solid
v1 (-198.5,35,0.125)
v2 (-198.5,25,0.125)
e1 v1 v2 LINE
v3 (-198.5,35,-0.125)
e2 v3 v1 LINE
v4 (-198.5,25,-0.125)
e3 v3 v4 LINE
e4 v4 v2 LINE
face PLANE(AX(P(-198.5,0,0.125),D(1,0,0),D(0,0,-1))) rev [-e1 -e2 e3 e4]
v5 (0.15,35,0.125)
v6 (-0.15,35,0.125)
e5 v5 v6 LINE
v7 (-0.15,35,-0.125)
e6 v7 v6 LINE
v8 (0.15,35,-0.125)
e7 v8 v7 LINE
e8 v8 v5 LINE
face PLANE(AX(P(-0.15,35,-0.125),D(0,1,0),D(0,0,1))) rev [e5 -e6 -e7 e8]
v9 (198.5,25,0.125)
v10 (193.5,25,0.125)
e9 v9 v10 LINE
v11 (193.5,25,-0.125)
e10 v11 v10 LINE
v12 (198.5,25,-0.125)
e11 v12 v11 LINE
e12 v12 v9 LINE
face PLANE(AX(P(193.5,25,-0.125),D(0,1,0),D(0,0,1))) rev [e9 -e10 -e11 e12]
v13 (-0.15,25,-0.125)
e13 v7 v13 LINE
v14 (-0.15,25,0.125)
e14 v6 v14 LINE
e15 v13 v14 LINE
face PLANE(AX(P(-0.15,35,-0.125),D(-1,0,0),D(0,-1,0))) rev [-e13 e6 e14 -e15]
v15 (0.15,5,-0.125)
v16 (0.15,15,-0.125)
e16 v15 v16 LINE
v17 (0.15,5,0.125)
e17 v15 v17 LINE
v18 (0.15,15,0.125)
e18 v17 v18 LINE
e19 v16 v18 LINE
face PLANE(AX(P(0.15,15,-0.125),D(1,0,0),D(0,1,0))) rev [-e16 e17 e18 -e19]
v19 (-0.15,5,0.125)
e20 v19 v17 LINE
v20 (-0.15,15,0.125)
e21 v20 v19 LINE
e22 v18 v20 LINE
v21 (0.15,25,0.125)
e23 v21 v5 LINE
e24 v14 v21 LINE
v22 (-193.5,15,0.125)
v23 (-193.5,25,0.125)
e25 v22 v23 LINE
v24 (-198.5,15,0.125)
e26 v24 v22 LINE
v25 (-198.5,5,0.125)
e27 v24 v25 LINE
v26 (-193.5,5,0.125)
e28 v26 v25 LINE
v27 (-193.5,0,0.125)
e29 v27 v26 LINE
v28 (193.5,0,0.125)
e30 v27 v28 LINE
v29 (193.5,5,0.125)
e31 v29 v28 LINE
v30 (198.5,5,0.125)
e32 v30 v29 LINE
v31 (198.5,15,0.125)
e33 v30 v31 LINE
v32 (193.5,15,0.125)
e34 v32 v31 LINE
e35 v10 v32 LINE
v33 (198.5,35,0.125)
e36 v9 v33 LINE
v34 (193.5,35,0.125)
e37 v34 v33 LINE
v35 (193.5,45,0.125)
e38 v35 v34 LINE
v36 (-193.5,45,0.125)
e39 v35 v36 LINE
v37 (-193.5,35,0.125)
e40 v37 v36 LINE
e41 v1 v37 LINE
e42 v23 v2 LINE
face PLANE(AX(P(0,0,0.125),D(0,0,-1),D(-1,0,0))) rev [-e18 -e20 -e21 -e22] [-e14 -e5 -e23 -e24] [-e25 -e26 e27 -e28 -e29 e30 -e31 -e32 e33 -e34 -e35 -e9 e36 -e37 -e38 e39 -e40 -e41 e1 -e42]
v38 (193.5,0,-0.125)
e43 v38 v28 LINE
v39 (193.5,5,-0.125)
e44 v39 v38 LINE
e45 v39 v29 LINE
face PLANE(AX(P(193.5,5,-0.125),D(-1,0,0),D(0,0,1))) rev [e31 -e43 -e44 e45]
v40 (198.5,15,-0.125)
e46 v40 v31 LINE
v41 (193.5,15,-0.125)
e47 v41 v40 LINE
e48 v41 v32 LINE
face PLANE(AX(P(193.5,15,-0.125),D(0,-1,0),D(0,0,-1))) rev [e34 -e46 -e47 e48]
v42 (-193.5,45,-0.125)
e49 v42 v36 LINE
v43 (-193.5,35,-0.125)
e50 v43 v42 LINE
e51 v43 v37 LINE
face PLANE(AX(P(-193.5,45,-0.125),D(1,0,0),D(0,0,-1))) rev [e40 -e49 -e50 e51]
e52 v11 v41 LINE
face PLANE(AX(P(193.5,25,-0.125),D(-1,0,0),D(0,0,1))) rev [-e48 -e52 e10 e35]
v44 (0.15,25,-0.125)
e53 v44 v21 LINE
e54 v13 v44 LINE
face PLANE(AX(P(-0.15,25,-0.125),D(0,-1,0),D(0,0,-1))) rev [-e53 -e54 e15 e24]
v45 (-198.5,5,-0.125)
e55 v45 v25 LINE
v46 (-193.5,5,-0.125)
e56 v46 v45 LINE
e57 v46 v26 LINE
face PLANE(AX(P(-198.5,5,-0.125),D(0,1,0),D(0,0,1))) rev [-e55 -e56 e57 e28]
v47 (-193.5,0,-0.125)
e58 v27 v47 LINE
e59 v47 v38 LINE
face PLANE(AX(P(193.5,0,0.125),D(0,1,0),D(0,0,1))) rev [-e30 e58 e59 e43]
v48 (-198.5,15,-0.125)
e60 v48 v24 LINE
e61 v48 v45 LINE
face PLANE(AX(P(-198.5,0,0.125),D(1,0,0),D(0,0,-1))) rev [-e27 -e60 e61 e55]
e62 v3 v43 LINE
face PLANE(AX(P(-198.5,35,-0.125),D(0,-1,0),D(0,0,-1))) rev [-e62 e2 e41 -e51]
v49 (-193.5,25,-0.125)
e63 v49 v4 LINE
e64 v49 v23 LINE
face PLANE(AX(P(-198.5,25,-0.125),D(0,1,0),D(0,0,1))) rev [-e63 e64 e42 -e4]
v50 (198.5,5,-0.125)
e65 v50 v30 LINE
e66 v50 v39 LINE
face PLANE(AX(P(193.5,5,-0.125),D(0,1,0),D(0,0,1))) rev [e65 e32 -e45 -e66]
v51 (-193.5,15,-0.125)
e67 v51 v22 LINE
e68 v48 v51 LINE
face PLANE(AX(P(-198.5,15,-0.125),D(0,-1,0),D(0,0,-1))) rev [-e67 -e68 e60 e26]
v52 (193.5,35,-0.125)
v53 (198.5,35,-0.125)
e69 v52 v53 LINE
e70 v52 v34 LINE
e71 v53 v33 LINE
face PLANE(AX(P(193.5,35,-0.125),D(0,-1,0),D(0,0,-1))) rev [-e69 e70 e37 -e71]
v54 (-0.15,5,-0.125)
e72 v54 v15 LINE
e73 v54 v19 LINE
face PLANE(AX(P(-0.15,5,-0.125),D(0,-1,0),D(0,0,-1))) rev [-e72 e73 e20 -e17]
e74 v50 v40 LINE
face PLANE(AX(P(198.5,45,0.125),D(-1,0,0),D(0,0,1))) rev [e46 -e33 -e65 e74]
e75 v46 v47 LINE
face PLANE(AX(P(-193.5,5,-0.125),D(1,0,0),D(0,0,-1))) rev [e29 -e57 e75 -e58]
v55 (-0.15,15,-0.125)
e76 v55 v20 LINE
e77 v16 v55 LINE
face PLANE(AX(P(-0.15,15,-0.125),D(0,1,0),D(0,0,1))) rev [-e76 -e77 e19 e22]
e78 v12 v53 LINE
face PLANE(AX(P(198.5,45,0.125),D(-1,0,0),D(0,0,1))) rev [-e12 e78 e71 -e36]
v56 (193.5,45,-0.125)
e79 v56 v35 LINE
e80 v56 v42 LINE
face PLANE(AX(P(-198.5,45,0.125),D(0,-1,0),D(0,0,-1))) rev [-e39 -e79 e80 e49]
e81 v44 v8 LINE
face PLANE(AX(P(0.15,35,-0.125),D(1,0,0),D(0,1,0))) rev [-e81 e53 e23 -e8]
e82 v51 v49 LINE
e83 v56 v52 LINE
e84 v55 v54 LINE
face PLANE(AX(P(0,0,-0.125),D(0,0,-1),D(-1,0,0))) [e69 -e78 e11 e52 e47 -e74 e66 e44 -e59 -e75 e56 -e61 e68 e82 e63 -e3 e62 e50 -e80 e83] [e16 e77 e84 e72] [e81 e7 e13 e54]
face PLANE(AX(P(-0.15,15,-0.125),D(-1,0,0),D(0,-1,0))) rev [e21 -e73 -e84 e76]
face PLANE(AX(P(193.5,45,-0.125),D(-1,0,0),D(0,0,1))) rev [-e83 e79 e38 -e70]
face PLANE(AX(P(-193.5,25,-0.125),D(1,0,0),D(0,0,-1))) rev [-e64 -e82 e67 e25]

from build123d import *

# Parameters (mm, degrees)
BOSS_EXTRUDE1_DEPTH  = 0.125
SKETCH2_W            = 0.3
SKETCH2_H            = 10
CUT_EXTRUDE1_DEPTH   = 204.537005235
LPATTERN1_COUNT      = 3
LPATTERN1_PITCH      = 20
SKETCH3_W            = 5
SKETCH3_H            = 10
CUT_EXTRUDE2_DEPTH   = 204.537005235
LPATTERN2_COUNT      = 3
LPATTERN2_PITCH      = 20
LPATTERN2_COUNT_DIR2 = 2
LPATTERN2_PITCH_DIR2 = 392


with BuildPart() as part:
    # Sketch1 → Boss-Extrude1 (new, symmetric)
    with BuildSketch(Plane.XY):
        Polygon((198.5, 45), (198.5, 0), (193.5, 0), (0, 0), (-193.5, 0), (-198.5, 0), (-198.5, 45), (-193.5, 45), (193.5, 45), align=None)
    extrude(amount=BOSS_EXTRUDE1_DEPTH, both=True)

    # Sketch2 → Cut-Extrude1 (cut, through all)
    with BuildSketch(Plane.XY.offset(0.125)):
        with Locations((0, 30)):
            Rectangle(SKETCH2_W, SKETCH2_H)
    cut_extrude1 = extrude(amount=-CUT_EXTRUDE1_DEPTH, mode=Mode.SUBTRACT)

    # LPattern1: Cut-Extrude1 ×3
    with Locations(*[(0, -i * LPATTERN1_PITCH, 0) for i in range(1, LPATTERN1_COUNT)]):
        add(cut_extrude1, mode=Mode.SUBTRACT)

    # Sketch3 → Cut-Extrude2 (cut, through all)
    with BuildSketch(Plane.XY.offset(0.125)):
        with Locations((-196, 40)):
            Rectangle(SKETCH3_W, SKETCH3_H)
    cut_extrude2 = extrude(amount=-CUT_EXTRUDE2_DEPTH, mode=Mode.SUBTRACT)

    # LPattern2: Cut-Extrude2 3 × 2
    with Locations(*[(j * LPATTERN2_PITCH_DIR2, -i * LPATTERN2_PITCH, 0) for i in range(LPATTERN2_COUNT) for j in range(LPATTERN2_COUNT_DIR2) if (i, j) != (0, 0)]):
        add(cut_extrude2, mode=Mode.SUBTRACT)


solid = part.part
